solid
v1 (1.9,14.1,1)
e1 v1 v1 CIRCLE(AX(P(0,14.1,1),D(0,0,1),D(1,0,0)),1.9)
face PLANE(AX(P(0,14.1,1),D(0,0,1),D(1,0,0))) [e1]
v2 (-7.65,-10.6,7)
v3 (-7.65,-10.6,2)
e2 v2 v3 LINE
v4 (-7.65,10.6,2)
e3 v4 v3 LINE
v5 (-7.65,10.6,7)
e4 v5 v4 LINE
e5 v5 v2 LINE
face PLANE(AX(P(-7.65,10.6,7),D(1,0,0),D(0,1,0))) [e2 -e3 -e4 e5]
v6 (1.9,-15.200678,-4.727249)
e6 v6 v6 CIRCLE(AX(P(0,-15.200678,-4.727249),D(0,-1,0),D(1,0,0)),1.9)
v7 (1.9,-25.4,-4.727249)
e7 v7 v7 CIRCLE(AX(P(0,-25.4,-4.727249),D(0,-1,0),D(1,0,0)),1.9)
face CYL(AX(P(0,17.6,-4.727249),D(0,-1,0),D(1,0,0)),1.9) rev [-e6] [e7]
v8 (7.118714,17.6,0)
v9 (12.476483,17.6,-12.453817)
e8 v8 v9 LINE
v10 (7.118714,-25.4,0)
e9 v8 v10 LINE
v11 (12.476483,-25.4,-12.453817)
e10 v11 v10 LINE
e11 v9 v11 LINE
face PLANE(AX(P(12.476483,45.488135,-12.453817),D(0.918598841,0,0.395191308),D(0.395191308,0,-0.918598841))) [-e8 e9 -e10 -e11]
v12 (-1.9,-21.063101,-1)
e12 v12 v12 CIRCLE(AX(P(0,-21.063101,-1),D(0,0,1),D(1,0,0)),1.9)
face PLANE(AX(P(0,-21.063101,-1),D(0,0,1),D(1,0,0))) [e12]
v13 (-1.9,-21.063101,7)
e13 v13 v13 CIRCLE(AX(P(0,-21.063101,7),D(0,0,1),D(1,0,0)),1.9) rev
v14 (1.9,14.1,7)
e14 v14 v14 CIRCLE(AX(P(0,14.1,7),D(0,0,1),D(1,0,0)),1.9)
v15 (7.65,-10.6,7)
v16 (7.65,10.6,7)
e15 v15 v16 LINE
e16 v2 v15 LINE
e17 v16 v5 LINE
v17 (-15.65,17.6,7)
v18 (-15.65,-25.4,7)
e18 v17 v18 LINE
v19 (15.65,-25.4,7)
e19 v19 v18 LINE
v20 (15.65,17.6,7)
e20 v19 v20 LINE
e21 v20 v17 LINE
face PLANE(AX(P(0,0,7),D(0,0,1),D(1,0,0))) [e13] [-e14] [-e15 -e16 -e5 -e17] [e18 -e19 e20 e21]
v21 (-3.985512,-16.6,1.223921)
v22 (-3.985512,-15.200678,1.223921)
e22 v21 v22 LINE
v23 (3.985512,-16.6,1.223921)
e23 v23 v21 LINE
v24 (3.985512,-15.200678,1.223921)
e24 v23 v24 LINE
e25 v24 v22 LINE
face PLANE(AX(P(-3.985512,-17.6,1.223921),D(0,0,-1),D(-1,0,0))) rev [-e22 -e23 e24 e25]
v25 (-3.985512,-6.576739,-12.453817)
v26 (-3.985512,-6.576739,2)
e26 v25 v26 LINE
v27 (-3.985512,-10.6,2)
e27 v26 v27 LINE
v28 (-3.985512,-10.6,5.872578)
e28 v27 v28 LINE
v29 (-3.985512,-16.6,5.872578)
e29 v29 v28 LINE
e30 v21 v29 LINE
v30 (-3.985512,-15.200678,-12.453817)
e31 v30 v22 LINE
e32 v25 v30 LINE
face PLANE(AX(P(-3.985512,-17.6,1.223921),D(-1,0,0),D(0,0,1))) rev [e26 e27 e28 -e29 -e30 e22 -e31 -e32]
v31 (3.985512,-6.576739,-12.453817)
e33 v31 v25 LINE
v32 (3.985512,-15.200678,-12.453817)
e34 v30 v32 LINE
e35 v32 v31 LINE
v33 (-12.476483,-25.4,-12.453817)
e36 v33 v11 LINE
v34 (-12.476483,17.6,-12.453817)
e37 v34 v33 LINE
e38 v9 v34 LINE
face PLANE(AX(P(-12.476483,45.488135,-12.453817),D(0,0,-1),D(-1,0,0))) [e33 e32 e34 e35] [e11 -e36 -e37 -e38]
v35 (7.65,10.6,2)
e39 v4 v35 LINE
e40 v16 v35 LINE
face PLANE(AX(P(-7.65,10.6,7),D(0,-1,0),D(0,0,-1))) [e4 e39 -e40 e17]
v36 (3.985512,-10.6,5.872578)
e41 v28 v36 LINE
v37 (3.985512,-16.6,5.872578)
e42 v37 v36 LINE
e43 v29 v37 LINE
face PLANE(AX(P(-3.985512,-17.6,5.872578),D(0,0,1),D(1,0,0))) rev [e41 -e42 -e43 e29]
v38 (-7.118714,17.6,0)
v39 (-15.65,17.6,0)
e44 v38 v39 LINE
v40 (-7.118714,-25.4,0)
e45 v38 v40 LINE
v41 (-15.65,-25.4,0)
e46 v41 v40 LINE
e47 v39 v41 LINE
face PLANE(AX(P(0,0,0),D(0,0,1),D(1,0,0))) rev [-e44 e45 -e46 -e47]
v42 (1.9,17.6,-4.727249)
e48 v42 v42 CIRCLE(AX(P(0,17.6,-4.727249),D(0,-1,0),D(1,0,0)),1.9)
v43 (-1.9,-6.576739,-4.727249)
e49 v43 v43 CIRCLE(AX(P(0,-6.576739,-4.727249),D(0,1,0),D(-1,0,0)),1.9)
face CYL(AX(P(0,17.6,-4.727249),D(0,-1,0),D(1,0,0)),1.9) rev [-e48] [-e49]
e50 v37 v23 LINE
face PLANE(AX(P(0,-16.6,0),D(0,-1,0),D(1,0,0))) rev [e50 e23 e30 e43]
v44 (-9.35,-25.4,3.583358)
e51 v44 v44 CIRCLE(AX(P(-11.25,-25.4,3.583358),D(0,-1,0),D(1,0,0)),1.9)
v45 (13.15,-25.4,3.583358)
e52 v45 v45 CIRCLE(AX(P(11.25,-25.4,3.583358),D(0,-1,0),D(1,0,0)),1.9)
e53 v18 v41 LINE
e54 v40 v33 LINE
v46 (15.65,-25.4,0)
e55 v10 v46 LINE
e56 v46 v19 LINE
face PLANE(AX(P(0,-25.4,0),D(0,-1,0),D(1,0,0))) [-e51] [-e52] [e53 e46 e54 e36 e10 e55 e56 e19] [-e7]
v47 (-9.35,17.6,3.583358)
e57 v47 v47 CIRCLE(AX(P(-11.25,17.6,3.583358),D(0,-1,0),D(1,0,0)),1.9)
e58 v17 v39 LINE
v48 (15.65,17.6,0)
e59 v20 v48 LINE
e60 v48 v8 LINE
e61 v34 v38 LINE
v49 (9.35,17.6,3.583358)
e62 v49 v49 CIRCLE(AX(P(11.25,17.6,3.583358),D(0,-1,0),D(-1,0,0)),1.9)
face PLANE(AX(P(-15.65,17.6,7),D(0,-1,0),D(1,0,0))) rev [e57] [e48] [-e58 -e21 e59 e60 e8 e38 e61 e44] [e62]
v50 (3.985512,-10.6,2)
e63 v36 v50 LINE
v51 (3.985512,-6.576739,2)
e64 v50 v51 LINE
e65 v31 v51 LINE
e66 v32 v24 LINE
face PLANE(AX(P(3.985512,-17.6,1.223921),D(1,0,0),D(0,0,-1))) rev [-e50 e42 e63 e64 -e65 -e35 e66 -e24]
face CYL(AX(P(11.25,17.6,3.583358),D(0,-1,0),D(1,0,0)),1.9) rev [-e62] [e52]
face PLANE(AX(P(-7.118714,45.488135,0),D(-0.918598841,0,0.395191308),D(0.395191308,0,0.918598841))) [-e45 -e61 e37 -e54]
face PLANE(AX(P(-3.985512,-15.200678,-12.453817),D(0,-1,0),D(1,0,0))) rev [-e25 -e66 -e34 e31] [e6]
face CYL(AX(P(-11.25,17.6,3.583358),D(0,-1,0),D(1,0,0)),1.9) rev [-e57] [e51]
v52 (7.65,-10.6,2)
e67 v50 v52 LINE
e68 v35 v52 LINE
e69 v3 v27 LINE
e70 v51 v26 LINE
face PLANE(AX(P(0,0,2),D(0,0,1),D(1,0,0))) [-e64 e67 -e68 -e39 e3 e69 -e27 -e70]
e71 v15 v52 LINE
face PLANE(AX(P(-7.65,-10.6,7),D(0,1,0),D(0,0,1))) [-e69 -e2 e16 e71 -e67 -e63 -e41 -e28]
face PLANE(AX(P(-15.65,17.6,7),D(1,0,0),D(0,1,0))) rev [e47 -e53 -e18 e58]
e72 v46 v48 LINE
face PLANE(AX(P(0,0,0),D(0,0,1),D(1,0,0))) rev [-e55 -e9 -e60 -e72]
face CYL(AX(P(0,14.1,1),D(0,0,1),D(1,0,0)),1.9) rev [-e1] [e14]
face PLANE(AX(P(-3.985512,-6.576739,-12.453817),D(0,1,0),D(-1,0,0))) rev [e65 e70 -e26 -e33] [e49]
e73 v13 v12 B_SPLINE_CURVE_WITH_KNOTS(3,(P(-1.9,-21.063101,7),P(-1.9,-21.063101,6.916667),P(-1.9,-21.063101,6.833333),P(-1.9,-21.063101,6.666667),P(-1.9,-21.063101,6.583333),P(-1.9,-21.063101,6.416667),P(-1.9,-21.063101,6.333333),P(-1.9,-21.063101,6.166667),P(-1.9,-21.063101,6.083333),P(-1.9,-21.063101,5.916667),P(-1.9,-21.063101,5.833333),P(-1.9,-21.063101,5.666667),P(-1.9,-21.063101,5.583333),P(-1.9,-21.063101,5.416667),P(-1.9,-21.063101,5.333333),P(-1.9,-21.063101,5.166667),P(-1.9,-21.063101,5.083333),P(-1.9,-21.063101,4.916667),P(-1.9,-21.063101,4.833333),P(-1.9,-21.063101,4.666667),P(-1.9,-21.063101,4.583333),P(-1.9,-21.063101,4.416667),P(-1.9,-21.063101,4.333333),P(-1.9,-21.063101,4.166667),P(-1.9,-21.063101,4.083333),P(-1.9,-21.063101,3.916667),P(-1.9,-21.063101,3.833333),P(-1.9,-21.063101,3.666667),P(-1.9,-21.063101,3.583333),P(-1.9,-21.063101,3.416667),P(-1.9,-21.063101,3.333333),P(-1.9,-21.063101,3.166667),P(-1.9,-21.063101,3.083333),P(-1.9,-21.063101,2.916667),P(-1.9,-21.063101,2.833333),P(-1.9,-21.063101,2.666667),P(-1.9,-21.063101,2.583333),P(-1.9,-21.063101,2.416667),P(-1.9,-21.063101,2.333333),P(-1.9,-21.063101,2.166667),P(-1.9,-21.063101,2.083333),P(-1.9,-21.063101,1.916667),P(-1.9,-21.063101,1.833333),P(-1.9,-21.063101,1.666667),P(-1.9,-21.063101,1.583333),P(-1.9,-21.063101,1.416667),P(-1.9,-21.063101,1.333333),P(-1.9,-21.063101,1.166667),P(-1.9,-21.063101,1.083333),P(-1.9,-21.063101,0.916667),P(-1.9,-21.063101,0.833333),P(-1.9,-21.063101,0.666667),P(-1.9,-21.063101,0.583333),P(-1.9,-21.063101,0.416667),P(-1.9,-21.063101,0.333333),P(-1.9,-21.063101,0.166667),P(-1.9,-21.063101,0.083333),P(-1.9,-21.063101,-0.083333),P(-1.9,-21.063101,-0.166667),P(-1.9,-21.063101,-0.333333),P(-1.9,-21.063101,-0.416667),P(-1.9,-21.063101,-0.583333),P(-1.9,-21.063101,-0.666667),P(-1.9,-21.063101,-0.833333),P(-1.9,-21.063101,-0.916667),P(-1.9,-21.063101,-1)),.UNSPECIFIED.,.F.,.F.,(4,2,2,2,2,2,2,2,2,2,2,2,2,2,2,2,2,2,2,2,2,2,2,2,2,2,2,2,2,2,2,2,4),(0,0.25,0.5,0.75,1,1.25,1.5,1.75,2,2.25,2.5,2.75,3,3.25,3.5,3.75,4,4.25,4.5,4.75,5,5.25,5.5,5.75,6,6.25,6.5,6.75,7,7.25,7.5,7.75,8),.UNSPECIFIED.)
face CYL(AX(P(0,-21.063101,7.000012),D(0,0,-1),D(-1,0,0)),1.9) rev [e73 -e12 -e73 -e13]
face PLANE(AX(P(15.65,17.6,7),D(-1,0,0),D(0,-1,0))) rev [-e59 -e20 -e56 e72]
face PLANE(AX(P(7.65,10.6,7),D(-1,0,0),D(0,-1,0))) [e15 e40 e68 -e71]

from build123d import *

# Parameters (mm, degrees)
SKETCH_2_W               = 31.3
SKETCH_2_H               = 34.2
SKETCH_2_W_2             = 15.3
SKETCH_2_H_2             = 21.2
EXTRUDE_1_DEPTH          = 7
SKETCH_2_3_W             = 15.3
SKETCH_2_3_H             = 21.2
EXTRUDE_2_DEPTH          = 2
SKETCH_5_W               = 7.971023584
SKETCH_5_H               = 4.648657004
CUT_EXTRUDE_2_DEPTH      = 7
CUT_EXTRUDE_3_DEPTH      = 39.256535389
CUT_EXTRUDE_3_DEPTH_BACK = 39.256535389
SKETCH_6_R               = 1.9
EXTRUDE_3_DEPTH          = 34.2
SKETCH_8_R               = 1.9
CUT_EXTRUDE_4_DEPTH      = 6
SKETCH_9_W               = 7.971023584
SKETCH_9_H               = 8.623939395
CUT_EXTRUDE_5_DEPTH      = 28.63322883
EXTRUDE_START            = 8.8
SKETCH_10_R              = 1.9
EXTRUDE_4_DEPTH          = 8.8
CUT_EXTRUDE_6_DEPTH      = 36.616478053
CUT_EXTRUDE_6_DEPTH_BACK = 8
SKETCH_11_R              = 1.9
CUT_EXTRUDE_7_DEPTH      = 48.423834368
CUT_EXTRUDE_7_DEPTH_BACK = 48.423834368
SKETCH_12_R              = 1.9


with BuildPart() as part:
    # 草图2 → 凸台-拉伸1 (new body)
    with BuildSketch(Plane.XY):
        with Locations((0, 0.5)):
            Rectangle(SKETCH_2_W, SKETCH_2_H)
        Rectangle(SKETCH_2_W_2, SKETCH_2_H_2, mode=Mode.SUBTRACT)
    extrude(amount=EXTRUDE_1_DEPTH)

    # 草图2<3> → 凸台-拉伸2 (add)
    with BuildSketch(Plane.XY):
        Rectangle(SKETCH_2_3_W, SKETCH_2_3_H)
    extrude(amount=EXTRUDE_2_DEPTH)

    # 草图5 → 切除-拉伸2 (cut)
    with BuildSketch(Plane(origin=(0, -10.6, 0), x_dir=(1, 0, 0), z_dir=(0, 1, 0))):
        with Locations((0, -3.548249301)):
            Rectangle(SKETCH_5_W, SKETCH_5_H)
    extrude(amount=-CUT_EXTRUDE_2_DEPTH, mode=Mode.SUBTRACT)

    # 草图6 → 切除-拉伸3 (cut, two sides: drawn at the far end of the back side and taken through both)
    with BuildSketch(Plane.XZ.offset(16.6).offset(-CUT_EXTRUDE_3_DEPTH_BACK)):
        with Locations((-11.25, 3.583357856)):
            Circle(SKETCH_6_R)
        with Locations(Location((11.25, 3.583357856, 0), (0, 0, 180))):
            Circle(SKETCH_6_R)
    extrude(amount=CUT_EXTRUDE_3_DEPTH + CUT_EXTRUDE_3_DEPTH_BACK, mode=Mode.SUBTRACT)

    # 草图7 → 凸台-拉伸3 (add)
    with BuildSketch(Plane.XZ.offset(16.6)):
        Polygon((7.118714005, 0), (-7.118714005, 0), (-12.476482967, -12.453817335), (12.476482967, -12.453817335), align=None)
    extrude(amount=-EXTRUDE_3_DEPTH)

    # 草图8 → 切除-拉伸4 (cut)
    with BuildSketch(Plane.XY.offset(7)):
        with Locations((0, 14.1)):
            Circle(SKETCH_8_R)
    extrude(amount=-CUT_EXTRUDE_4_DEPTH, mode=Mode.SUBTRACT)

    # 草图9 → 切除-拉伸5 (cut, through all)
    with BuildSketch(Plane.XY.offset(2)):
        with Locations((0, -10.888708642)):
            Rectangle(SKETCH_9_W, SKETCH_9_H)
    extrude(amount=-CUT_EXTRUDE_5_DEPTH, mode=Mode.SUBTRACT)

    # 草图10 → 凸台-拉伸4 (add)
    with BuildSketch(Plane.XZ.offset(16.6).offset(EXTRUDE_START)):
        Polygon((-15.65, 7), (-15.65, 0), (-7.118714005, 0), (-12.476482967, -12.453817335), (12.476482967, -12.453817335), (7.118714005, 0), (15.65, 0), (15.65, 7), align=None)
        with Locations((-11.25, 3.583357856)):
            Circle(SKETCH_10_R, mode=Mode.SUBTRACT)
        with Locations((11.25, 3.583357856)):
            Circle(SKETCH_10_R, mode=Mode.SUBTRACT)
    extrude(amount=-EXTRUDE_4_DEPTH)

    # 草图11 → 切除-拉伸6 (cut, two sides: drawn at the far end of the back side and taken through both)
    with BuildSketch(Plane.XY.offset(7).offset(-CUT_EXTRUDE_6_DEPTH_BACK)):
        with Locations(Location((0, -21.063101394, 0), (0, 0, 180))):
            Circle(SKETCH_11_R)
    extrude(amount=CUT_EXTRUDE_6_DEPTH + CUT_EXTRUDE_6_DEPTH_BACK, mode=Mode.SUBTRACT)

    # 草图12 → 切除-拉伸7 (cut, two sides: drawn at the far end of the back side and taken through both)
    with BuildSketch(Plane.XZ.offset(25.4).offset(-CUT_EXTRUDE_7_DEPTH_BACK)):
        with Locations((0, -4.727248667)):
            Circle(SKETCH_12_R)
    extrude(amount=CUT_EXTRUDE_7_DEPTH + CUT_EXTRUDE_7_DEPTH_BACK, mode=Mode.SUBTRACT)


solid = part.part
